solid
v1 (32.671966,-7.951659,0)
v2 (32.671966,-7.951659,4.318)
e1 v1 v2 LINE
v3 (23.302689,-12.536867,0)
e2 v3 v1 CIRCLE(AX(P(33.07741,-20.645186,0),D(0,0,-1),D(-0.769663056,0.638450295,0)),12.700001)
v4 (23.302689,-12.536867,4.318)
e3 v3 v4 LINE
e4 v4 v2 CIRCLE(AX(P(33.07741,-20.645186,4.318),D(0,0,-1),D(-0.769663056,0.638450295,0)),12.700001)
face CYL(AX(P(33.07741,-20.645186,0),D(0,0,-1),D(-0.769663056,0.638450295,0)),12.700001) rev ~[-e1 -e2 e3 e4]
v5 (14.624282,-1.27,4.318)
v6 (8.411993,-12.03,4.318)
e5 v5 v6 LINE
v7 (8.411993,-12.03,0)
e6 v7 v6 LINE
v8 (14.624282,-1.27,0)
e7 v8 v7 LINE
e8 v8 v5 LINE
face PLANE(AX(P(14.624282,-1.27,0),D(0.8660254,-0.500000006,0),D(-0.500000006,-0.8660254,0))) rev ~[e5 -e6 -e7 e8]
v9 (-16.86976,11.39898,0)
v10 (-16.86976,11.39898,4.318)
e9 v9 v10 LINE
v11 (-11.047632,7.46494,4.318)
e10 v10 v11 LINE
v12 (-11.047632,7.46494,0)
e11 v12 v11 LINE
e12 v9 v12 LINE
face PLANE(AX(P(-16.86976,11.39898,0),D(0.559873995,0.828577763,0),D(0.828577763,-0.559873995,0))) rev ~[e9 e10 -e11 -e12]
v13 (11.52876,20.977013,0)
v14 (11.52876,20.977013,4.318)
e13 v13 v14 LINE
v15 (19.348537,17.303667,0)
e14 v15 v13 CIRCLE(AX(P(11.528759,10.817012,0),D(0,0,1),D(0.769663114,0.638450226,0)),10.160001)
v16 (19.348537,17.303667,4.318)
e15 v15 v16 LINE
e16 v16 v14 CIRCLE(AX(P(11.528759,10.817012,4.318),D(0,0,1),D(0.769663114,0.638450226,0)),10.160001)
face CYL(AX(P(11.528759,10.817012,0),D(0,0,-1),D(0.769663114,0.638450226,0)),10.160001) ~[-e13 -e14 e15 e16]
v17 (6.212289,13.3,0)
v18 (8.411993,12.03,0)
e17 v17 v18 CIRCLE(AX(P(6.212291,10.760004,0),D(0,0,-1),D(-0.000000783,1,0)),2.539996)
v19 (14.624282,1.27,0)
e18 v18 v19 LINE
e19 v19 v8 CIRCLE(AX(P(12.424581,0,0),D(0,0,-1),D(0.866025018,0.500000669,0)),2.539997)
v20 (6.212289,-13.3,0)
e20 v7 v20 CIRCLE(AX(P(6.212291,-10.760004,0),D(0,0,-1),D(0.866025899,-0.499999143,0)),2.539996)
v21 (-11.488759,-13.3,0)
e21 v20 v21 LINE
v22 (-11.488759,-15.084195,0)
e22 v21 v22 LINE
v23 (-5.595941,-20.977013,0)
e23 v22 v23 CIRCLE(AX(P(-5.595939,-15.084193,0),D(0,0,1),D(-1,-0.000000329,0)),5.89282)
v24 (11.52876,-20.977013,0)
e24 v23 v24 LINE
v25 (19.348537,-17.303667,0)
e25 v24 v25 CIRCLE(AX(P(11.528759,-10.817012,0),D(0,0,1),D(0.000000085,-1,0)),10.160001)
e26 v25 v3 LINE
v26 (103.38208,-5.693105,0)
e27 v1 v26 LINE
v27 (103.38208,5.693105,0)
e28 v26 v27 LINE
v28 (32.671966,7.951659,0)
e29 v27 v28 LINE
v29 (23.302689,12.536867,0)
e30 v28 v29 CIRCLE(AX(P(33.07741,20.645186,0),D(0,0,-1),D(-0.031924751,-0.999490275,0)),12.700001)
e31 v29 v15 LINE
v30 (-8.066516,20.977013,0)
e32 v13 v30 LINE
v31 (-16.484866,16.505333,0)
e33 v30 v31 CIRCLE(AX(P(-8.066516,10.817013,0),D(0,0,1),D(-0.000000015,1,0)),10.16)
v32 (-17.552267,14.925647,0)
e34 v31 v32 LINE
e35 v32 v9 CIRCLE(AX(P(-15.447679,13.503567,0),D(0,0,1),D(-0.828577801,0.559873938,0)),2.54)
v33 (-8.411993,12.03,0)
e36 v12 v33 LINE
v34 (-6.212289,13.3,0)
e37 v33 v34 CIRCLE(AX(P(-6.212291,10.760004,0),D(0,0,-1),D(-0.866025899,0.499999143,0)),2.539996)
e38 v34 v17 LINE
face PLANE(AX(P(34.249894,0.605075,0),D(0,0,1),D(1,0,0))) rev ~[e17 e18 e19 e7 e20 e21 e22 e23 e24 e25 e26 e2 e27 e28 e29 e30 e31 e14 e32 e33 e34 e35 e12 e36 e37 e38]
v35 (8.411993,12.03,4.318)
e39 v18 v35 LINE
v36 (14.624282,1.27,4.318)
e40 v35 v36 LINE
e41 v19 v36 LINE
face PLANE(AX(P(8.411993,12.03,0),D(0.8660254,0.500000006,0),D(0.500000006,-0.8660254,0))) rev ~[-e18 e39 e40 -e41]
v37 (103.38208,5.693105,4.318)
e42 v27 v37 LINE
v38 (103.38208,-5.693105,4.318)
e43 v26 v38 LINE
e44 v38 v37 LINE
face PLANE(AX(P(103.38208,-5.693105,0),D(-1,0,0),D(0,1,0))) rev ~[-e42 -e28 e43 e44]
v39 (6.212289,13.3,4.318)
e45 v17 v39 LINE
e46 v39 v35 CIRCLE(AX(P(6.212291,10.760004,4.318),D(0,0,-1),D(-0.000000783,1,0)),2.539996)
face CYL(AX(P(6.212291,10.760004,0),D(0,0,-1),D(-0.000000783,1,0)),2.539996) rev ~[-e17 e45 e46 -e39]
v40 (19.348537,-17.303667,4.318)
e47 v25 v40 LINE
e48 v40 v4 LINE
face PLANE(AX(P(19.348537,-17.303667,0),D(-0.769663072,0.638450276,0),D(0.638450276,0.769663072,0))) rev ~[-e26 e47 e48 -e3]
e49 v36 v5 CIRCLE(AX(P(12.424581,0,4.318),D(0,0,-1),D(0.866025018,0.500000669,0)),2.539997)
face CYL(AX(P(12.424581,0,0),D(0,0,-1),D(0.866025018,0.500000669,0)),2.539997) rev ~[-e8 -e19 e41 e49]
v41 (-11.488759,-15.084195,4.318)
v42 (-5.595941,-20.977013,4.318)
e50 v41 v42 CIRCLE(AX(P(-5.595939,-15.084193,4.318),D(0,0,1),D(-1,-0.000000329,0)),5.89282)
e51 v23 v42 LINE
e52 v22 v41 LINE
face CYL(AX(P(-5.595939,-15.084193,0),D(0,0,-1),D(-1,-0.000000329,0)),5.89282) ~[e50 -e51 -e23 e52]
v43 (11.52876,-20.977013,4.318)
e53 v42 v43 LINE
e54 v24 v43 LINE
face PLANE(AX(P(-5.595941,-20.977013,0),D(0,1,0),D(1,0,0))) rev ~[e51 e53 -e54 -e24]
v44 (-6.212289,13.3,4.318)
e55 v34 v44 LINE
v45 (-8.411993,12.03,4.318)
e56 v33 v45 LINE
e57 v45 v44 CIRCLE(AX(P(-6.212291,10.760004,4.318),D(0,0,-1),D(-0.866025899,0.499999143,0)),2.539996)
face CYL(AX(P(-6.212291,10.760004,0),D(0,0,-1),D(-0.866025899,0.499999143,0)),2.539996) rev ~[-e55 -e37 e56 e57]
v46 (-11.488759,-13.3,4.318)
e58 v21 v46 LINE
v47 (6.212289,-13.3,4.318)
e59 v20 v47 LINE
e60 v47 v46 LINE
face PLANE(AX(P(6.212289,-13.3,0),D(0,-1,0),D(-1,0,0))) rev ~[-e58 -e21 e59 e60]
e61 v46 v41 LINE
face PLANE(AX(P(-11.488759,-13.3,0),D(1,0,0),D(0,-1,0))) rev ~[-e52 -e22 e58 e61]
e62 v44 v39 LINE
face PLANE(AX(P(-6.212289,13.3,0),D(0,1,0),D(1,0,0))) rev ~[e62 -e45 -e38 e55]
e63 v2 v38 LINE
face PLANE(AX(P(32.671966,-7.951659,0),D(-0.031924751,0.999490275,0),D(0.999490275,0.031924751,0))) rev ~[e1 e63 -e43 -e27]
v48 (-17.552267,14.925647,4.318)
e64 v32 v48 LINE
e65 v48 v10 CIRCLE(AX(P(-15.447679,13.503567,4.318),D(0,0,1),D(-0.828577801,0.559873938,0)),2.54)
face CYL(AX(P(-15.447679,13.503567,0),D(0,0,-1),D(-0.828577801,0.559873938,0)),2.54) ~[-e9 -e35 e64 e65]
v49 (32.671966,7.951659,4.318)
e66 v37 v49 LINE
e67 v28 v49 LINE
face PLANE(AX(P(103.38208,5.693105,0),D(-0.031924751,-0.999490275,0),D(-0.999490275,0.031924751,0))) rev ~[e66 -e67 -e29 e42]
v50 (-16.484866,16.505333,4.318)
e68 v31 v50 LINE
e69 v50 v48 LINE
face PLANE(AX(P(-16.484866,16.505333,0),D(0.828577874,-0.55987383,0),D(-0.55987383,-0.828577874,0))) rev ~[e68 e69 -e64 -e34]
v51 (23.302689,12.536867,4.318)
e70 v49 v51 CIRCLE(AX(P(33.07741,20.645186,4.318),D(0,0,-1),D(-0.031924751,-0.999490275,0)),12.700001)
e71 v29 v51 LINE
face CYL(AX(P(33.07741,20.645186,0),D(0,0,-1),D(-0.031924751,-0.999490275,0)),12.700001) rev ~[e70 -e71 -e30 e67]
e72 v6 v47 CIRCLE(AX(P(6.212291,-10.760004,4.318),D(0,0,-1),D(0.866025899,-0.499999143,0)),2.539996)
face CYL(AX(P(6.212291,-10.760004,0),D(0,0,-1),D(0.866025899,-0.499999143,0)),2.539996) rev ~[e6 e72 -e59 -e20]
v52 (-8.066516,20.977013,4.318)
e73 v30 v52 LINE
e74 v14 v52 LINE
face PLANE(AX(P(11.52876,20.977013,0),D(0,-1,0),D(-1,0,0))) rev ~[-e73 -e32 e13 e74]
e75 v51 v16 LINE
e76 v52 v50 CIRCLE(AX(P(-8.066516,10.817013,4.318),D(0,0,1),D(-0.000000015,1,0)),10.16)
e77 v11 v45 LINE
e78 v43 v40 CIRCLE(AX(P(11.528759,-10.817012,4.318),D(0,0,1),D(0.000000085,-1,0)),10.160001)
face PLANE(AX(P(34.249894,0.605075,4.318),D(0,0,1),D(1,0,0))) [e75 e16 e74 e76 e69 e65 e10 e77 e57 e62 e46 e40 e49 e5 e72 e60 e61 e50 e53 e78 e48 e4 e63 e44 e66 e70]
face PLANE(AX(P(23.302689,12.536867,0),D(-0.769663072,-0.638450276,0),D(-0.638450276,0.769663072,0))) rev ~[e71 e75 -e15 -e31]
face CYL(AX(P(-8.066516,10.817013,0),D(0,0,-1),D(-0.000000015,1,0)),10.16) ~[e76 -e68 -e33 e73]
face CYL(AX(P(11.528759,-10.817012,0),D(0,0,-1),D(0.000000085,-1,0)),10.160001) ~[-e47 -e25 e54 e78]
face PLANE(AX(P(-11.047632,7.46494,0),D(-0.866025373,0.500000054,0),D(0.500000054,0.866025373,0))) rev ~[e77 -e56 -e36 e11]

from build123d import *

# Parameters (mm, degrees)
F1_DEPTH = 4.318


with BuildPart() as f1:
    # F0 (on Top) → F1 (new body)
    with BuildSketch(Plane.XY):
        with BuildLine():
            ThreePointArc((-8.411993, 12.03), (-7.482289, 12.959705), (-6.212289, 13.3))
            Line((-6.212289, 13.3), (6.212289, 13.3))
            ThreePointArc((6.212289, 13.3), (7.482289, 12.959705), (8.411993, 12.03))
            Line((8.411993, 12.03), (14.624282, 1.27))
            ThreePointArc((14.624282, 1.27), (14.964578, 0), (14.624282, -1.27))
            Line((14.624282, -1.27), (8.411993, -12.03))
            ThreePointArc((8.411993, -12.03), (7.482289, -12.959705), (6.212289, -13.3))
            Line((6.212289, -13.3), (-11.488759, -13.3))
            Line((-11.488759, -13.3), (-11.488759, -15.084195))
            ThreePointArc((-11.488759, -15.084195), (-9.762792, -19.251046), (-5.595941, -20.977013))
            Line((-5.595941, -20.977013), (11.52876, -20.977013))
            ThreePointArc((11.52876, -20.977013), (15.848551, -20.012936), (19.348537, -17.303667))
            Line((19.348537, -17.303667), (23.302689, -12.536867))
            ThreePointArc((23.302689, -12.536867), (27.49485, -9.23795), (32.671966, -7.951659))
            Line((32.671966, -7.951659), (103.38208, -5.693105))
            Line((103.38208, -5.693105), (103.38208, 0))
            Line((103.38208, 0), (103.38208, 5.693105))
            Line((103.38208, 5.693105), (32.671966, 7.951659))
            ThreePointArc((32.671966, 7.951659), (27.49485, 9.23795), (23.302689, 12.536867))
            Line((23.302689, 12.536867), (19.348537, 17.303667))
            ThreePointArc((19.348537, 17.303667), (15.848551, 20.012936), (11.52876, 20.977013))
            Line((11.52876, 20.977013), (-8.066516, 20.977013))
            ThreePointArc((-8.066516, 20.977013), (-12.83266, 19.78972), (-16.484866, 16.505333))
            Line((-16.484866, 16.505333), (-17.552267, 14.925647))
            ThreePointArc((-17.552267, 14.925647), (-17.94141, 13.020962), (-16.86976, 11.39898))
            Line((-16.86976, 11.39898), (-11.047632, 7.46494))
            Line((-11.047632, 7.46494), (-8.411993, 12.03))
        make_face()
    extrude(amount=F1_DEPTH)


solid = f1.part
